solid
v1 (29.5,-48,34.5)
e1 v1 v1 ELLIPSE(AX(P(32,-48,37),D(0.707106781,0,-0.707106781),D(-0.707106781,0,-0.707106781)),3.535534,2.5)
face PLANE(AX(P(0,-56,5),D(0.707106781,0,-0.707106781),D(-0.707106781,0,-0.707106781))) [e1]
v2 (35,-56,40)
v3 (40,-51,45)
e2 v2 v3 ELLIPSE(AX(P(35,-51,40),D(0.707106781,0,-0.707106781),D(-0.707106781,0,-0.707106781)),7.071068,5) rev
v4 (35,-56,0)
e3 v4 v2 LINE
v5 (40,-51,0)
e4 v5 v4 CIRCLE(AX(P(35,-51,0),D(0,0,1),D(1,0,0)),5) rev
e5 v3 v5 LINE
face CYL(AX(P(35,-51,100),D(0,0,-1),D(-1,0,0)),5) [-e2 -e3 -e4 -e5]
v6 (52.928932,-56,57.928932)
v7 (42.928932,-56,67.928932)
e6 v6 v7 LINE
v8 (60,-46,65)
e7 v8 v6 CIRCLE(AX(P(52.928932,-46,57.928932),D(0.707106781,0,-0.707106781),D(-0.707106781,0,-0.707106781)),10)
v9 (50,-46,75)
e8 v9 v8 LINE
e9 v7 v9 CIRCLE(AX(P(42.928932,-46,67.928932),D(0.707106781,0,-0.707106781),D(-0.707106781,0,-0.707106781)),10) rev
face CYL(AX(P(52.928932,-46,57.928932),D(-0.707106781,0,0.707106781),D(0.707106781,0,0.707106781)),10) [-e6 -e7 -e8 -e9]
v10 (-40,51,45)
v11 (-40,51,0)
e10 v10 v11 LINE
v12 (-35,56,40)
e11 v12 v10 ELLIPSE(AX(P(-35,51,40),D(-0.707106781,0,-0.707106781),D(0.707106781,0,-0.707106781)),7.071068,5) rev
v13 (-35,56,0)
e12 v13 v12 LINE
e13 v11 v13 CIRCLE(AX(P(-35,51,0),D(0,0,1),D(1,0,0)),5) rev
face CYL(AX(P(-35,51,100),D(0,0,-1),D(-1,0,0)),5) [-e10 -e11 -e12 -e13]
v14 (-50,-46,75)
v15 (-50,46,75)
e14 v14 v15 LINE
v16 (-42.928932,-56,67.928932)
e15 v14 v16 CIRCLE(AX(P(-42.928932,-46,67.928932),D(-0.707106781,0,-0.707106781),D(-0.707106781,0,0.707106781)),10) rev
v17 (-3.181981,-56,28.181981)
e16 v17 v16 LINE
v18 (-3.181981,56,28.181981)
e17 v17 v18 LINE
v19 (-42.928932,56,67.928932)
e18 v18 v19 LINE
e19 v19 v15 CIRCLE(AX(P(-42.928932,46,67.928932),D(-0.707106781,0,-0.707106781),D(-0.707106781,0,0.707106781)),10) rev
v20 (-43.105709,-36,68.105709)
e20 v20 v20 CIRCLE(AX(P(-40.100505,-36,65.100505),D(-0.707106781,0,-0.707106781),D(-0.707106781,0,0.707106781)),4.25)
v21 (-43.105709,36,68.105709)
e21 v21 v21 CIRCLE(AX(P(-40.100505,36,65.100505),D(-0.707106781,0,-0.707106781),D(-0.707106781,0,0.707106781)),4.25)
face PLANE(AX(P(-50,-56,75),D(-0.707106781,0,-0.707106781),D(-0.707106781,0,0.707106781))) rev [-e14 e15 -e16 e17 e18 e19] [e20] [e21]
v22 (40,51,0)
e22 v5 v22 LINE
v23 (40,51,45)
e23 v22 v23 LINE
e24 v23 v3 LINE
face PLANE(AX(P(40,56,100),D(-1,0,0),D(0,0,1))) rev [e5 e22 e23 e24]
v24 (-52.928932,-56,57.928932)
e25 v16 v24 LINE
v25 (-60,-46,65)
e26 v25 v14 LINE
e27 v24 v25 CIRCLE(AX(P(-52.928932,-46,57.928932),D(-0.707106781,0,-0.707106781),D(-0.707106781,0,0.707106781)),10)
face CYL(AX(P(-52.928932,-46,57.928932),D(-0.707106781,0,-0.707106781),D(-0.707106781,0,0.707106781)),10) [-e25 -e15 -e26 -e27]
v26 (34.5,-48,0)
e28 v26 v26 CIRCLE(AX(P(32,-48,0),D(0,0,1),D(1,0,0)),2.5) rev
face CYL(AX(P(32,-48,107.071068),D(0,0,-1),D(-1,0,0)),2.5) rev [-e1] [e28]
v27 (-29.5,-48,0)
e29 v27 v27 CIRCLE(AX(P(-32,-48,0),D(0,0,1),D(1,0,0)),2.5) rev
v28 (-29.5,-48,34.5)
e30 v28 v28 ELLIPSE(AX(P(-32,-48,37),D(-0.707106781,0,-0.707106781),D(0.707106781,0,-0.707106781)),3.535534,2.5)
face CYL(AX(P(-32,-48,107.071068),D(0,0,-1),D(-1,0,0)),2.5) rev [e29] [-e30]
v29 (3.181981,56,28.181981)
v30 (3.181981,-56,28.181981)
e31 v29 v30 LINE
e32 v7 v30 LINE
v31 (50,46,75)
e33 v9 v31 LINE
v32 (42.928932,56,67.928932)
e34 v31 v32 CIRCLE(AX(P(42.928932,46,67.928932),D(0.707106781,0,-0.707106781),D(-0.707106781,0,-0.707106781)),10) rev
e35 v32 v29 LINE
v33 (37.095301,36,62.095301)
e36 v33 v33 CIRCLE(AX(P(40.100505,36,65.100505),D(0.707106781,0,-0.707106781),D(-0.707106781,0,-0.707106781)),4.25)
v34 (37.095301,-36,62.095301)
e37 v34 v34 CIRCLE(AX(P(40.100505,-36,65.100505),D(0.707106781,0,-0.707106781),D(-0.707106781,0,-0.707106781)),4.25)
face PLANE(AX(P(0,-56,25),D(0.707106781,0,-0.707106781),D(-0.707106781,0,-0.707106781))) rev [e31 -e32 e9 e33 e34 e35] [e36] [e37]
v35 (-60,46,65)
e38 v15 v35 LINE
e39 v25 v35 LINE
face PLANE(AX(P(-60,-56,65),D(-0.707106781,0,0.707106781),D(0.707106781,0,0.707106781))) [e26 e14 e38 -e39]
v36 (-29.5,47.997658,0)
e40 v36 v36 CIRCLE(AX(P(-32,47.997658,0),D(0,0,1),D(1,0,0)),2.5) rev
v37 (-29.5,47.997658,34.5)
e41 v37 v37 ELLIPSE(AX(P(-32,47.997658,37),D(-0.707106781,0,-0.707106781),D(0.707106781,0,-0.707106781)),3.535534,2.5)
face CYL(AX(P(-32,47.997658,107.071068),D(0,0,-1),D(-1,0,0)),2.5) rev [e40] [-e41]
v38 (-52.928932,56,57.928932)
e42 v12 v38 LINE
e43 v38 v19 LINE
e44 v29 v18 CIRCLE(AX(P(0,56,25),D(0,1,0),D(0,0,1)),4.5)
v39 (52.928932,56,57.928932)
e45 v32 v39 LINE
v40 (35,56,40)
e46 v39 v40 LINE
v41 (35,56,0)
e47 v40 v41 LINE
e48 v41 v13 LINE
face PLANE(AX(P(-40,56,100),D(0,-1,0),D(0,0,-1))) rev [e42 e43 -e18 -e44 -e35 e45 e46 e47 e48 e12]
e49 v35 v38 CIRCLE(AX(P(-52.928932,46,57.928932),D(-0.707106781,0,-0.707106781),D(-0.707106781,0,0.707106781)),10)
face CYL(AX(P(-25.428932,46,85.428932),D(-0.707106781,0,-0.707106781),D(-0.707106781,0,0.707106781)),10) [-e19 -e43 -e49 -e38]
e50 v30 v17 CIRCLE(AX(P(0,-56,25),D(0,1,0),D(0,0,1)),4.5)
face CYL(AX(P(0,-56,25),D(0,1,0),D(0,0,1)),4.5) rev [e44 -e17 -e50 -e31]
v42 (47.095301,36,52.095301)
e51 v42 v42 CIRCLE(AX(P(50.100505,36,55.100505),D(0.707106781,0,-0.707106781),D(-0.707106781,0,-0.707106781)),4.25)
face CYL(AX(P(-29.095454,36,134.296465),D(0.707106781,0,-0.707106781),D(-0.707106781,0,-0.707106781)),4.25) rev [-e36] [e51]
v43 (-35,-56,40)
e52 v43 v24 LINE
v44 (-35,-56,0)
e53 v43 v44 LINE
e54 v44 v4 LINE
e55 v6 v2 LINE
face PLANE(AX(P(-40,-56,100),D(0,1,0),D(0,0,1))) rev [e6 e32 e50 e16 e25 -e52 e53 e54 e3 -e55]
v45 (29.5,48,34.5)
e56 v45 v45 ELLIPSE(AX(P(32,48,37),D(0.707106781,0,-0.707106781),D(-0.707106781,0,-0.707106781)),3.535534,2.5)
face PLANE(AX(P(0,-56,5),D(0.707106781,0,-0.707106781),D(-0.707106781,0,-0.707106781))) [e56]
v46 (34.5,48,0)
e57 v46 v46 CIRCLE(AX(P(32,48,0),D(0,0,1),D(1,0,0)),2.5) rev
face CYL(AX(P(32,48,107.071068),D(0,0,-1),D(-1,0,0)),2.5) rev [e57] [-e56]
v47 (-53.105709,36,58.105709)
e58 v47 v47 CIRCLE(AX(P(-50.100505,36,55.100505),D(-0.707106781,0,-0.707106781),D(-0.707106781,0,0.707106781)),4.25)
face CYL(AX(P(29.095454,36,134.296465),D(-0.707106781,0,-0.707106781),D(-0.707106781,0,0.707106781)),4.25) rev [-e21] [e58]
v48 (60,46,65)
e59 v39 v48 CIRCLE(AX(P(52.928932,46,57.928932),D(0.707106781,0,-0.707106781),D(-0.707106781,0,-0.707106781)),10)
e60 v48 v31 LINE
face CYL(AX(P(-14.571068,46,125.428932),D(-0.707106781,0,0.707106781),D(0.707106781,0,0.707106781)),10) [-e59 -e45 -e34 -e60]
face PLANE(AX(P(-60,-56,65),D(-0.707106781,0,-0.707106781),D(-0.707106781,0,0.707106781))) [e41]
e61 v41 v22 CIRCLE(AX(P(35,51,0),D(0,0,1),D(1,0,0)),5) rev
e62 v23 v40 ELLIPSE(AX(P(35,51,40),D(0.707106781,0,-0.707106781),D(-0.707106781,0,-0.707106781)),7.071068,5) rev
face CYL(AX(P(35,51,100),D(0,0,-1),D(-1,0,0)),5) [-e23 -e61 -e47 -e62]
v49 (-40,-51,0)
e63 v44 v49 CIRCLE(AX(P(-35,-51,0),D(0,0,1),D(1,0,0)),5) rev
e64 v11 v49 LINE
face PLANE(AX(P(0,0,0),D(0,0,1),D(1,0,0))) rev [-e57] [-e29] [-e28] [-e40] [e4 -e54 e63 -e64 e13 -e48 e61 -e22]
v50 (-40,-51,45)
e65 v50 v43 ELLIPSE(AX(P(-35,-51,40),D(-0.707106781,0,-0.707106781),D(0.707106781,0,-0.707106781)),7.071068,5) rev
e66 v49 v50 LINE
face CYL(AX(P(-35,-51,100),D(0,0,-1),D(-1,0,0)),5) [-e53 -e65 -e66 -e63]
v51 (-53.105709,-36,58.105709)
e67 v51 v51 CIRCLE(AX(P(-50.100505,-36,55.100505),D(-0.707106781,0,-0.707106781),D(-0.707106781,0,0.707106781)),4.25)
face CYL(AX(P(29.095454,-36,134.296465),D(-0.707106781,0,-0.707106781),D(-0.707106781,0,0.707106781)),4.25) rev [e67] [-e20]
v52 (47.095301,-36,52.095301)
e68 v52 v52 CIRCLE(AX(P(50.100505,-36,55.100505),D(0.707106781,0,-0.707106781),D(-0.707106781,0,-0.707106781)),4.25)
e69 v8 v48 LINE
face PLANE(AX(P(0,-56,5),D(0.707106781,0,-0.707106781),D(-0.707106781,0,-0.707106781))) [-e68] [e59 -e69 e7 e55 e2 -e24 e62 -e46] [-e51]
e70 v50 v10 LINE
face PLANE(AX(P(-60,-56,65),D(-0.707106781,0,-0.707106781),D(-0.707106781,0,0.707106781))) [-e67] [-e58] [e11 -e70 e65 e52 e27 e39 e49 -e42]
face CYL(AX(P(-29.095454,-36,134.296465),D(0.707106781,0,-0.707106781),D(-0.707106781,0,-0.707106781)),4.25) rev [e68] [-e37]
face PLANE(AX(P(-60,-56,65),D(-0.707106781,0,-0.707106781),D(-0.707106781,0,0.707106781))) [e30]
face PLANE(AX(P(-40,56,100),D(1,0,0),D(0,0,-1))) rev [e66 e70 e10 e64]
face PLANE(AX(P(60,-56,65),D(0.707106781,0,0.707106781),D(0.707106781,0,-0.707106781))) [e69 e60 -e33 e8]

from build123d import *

# Parameters (mm, degrees)
ESQUISSE1_W                  = 80
ESQUISSE1_H                  = 112
BOSS_EXTRU_1_DEPTH           = 100
ESQUISSE4_R                  = 2.5
ENL_V_MAT_EXTRU_2_DEPTH      = 100
ENL_V_MAT_EXTRU_2_DEPTH_BACK = 1
BOSS_EXTRU_2_DEPTH           = 112
BOSS_EXTRU_4_DEPTH           = 112
ENL_V_MAT_EXTRU_6_DEPTH      = 112
ESQUISSE16_R                 = 4.25
ENL_V_MAT_EXTRU_7_DEPTH      = 112
ESQUISSE15_R                 = 4.25
ENL_V_MAT_EXTRU_10_DEPTH     = 112
CONG_1_R                     = 10
CONG_2_R                     = 5
ESQUISSE17_R                 = 4.5
ENL_V_MAT_EXTRU_12_DEPTH     = 112


with BuildPart() as part:
    # Esquisse1 → Boss.-Extru.1 (new body)
    with BuildSketch(Plane.XY):
        Rectangle(ESQUISSE1_W, ESQUISSE1_H)
    extrude(amount=BOSS_EXTRU_1_DEPTH)

    # Esquisse4 → Enlèv. mat.-Extru.2 (cut, two sides)
    with BuildSketch(Plane.XY) as enl_v_mat_extru_2_sk:
        with Locations((-32, 47.99765818)):
            Circle(ESQUISSE4_R)
        with Locations((32, 48)):
            Circle(ESQUISSE4_R)
        with Locations((-32, -48)):
            Circle(ESQUISSE4_R)
        with Locations((32, -48)):
            Circle(ESQUISSE4_R)
    extrude(amount=ENL_V_MAT_EXTRU_2_DEPTH, mode=Mode.SUBTRACT)
    extrude(enl_v_mat_extru_2_sk.sketch, amount=-ENL_V_MAT_EXTRU_2_DEPTH_BACK, mode=Mode.SUBTRACT)

    # Esquisse11 → Boss.-Extru.2 (add)
    with BuildSketch(Plane(origin=(0, 56, 0), x_dir=(1, 0, 0), z_dir=(0, 1, 0))):
        Polygon((-60, -65), (0, -5), (60, -65), align=None)
    extrude(amount=-BOSS_EXTRU_2_DEPTH)

    # Esquisse13 → Boss.-Extru.4 (add)
    with BuildSketch(Plane(origin=(0, 56, 0), x_dir=(1, 0, 0), z_dir=(0, 1, 0))):
        Polygon((-60, -65), (-40, -85), (-40, -65), align=None)
        Polygon((60, -65), (40, -85), (40, -65), align=None)
    extrude(amount=-BOSS_EXTRU_4_DEPTH)

    # Esquisse14 → Enlèv. mat.-Extru.6 (cut)
    with BuildSketch(Plane(origin=(0, 56, 0), x_dir=(1, 0, 0), z_dir=(0, 1, 0))):
        Polygon((-50, -75), (0, -25), (50, -75), (40, -85), (40, -100), (-40, -100), (-40, -85), align=None)
    extrude(amount=-ENL_V_MAT_EXTRU_6_DEPTH, mode=Mode.SUBTRACT)

    # Esquisse16 → Enlèv. mat.-Extru.7 (cut)
    with BuildSketch(Plane(origin=(2.5, 0, 2.5), x_dir=(-0.707106781, 0, 0.707106781), z_dir=(-0.707106781, 0, -0.707106781))):
        with Locations((74.388347648, 36)):
            Circle(ESQUISSE16_R)
        with Locations((74.388347648, -36)):
            Circle(ESQUISSE16_R)
    extrude(amount=-ENL_V_MAT_EXTRU_7_DEPTH, mode=Mode.SUBTRACT)

    # Esquisse15 → Enlèv. mat.-Extru.10 (cut)
    with BuildSketch(Plane(origin=(-2.5, 0, 2.5), x_dir=(-0.707106781, 0, -0.707106781), z_dir=(0.707106781, 0, -0.707106781))):
        with Locations((-74.388347648, 36)):
            Circle(ESQUISSE15_R)
        with Locations((-74.388347648, -36)):
            Circle(ESQUISSE15_R)
    extrude(amount=-ENL_V_MAT_EXTRU_10_DEPTH, mode=Mode.SUBTRACT)

    # Congé1
    cong_1_edges = [part.edges().sort_by_distance(p)[0] for p in [
        (-55, -56, 70),
        (-55, 56, 70),
        (55, 56, 70),
        (55, -56, 70),
    ]]
    fillet(cong_1_edges, radius=CONG_1_R)

    # Congé2
    cong_2_edges = [part.edges().sort_by_distance(p)[0] for p in [
        (40, -56, 22.5),
        (-40, -56, 22.5),
        (-40, 56, 22.5),
        (40, 56, 22.5),
    ]]
    fillet(cong_2_edges, radius=CONG_2_R)

    # Esquisse17 → Enlèv. mat.-Extru.12 (cut)
    with BuildSketch(Plane(origin=(0, 56, 0), x_dir=(1, 0, 0), z_dir=(0, 1, 0))):
        with Locations((0, -25)):
            Circle(ESQUISSE17_R)
    extrude(amount=-ENL_V_MAT_EXTRU_12_DEPTH, mode=Mode.SUBTRACT)


solid = part.part
